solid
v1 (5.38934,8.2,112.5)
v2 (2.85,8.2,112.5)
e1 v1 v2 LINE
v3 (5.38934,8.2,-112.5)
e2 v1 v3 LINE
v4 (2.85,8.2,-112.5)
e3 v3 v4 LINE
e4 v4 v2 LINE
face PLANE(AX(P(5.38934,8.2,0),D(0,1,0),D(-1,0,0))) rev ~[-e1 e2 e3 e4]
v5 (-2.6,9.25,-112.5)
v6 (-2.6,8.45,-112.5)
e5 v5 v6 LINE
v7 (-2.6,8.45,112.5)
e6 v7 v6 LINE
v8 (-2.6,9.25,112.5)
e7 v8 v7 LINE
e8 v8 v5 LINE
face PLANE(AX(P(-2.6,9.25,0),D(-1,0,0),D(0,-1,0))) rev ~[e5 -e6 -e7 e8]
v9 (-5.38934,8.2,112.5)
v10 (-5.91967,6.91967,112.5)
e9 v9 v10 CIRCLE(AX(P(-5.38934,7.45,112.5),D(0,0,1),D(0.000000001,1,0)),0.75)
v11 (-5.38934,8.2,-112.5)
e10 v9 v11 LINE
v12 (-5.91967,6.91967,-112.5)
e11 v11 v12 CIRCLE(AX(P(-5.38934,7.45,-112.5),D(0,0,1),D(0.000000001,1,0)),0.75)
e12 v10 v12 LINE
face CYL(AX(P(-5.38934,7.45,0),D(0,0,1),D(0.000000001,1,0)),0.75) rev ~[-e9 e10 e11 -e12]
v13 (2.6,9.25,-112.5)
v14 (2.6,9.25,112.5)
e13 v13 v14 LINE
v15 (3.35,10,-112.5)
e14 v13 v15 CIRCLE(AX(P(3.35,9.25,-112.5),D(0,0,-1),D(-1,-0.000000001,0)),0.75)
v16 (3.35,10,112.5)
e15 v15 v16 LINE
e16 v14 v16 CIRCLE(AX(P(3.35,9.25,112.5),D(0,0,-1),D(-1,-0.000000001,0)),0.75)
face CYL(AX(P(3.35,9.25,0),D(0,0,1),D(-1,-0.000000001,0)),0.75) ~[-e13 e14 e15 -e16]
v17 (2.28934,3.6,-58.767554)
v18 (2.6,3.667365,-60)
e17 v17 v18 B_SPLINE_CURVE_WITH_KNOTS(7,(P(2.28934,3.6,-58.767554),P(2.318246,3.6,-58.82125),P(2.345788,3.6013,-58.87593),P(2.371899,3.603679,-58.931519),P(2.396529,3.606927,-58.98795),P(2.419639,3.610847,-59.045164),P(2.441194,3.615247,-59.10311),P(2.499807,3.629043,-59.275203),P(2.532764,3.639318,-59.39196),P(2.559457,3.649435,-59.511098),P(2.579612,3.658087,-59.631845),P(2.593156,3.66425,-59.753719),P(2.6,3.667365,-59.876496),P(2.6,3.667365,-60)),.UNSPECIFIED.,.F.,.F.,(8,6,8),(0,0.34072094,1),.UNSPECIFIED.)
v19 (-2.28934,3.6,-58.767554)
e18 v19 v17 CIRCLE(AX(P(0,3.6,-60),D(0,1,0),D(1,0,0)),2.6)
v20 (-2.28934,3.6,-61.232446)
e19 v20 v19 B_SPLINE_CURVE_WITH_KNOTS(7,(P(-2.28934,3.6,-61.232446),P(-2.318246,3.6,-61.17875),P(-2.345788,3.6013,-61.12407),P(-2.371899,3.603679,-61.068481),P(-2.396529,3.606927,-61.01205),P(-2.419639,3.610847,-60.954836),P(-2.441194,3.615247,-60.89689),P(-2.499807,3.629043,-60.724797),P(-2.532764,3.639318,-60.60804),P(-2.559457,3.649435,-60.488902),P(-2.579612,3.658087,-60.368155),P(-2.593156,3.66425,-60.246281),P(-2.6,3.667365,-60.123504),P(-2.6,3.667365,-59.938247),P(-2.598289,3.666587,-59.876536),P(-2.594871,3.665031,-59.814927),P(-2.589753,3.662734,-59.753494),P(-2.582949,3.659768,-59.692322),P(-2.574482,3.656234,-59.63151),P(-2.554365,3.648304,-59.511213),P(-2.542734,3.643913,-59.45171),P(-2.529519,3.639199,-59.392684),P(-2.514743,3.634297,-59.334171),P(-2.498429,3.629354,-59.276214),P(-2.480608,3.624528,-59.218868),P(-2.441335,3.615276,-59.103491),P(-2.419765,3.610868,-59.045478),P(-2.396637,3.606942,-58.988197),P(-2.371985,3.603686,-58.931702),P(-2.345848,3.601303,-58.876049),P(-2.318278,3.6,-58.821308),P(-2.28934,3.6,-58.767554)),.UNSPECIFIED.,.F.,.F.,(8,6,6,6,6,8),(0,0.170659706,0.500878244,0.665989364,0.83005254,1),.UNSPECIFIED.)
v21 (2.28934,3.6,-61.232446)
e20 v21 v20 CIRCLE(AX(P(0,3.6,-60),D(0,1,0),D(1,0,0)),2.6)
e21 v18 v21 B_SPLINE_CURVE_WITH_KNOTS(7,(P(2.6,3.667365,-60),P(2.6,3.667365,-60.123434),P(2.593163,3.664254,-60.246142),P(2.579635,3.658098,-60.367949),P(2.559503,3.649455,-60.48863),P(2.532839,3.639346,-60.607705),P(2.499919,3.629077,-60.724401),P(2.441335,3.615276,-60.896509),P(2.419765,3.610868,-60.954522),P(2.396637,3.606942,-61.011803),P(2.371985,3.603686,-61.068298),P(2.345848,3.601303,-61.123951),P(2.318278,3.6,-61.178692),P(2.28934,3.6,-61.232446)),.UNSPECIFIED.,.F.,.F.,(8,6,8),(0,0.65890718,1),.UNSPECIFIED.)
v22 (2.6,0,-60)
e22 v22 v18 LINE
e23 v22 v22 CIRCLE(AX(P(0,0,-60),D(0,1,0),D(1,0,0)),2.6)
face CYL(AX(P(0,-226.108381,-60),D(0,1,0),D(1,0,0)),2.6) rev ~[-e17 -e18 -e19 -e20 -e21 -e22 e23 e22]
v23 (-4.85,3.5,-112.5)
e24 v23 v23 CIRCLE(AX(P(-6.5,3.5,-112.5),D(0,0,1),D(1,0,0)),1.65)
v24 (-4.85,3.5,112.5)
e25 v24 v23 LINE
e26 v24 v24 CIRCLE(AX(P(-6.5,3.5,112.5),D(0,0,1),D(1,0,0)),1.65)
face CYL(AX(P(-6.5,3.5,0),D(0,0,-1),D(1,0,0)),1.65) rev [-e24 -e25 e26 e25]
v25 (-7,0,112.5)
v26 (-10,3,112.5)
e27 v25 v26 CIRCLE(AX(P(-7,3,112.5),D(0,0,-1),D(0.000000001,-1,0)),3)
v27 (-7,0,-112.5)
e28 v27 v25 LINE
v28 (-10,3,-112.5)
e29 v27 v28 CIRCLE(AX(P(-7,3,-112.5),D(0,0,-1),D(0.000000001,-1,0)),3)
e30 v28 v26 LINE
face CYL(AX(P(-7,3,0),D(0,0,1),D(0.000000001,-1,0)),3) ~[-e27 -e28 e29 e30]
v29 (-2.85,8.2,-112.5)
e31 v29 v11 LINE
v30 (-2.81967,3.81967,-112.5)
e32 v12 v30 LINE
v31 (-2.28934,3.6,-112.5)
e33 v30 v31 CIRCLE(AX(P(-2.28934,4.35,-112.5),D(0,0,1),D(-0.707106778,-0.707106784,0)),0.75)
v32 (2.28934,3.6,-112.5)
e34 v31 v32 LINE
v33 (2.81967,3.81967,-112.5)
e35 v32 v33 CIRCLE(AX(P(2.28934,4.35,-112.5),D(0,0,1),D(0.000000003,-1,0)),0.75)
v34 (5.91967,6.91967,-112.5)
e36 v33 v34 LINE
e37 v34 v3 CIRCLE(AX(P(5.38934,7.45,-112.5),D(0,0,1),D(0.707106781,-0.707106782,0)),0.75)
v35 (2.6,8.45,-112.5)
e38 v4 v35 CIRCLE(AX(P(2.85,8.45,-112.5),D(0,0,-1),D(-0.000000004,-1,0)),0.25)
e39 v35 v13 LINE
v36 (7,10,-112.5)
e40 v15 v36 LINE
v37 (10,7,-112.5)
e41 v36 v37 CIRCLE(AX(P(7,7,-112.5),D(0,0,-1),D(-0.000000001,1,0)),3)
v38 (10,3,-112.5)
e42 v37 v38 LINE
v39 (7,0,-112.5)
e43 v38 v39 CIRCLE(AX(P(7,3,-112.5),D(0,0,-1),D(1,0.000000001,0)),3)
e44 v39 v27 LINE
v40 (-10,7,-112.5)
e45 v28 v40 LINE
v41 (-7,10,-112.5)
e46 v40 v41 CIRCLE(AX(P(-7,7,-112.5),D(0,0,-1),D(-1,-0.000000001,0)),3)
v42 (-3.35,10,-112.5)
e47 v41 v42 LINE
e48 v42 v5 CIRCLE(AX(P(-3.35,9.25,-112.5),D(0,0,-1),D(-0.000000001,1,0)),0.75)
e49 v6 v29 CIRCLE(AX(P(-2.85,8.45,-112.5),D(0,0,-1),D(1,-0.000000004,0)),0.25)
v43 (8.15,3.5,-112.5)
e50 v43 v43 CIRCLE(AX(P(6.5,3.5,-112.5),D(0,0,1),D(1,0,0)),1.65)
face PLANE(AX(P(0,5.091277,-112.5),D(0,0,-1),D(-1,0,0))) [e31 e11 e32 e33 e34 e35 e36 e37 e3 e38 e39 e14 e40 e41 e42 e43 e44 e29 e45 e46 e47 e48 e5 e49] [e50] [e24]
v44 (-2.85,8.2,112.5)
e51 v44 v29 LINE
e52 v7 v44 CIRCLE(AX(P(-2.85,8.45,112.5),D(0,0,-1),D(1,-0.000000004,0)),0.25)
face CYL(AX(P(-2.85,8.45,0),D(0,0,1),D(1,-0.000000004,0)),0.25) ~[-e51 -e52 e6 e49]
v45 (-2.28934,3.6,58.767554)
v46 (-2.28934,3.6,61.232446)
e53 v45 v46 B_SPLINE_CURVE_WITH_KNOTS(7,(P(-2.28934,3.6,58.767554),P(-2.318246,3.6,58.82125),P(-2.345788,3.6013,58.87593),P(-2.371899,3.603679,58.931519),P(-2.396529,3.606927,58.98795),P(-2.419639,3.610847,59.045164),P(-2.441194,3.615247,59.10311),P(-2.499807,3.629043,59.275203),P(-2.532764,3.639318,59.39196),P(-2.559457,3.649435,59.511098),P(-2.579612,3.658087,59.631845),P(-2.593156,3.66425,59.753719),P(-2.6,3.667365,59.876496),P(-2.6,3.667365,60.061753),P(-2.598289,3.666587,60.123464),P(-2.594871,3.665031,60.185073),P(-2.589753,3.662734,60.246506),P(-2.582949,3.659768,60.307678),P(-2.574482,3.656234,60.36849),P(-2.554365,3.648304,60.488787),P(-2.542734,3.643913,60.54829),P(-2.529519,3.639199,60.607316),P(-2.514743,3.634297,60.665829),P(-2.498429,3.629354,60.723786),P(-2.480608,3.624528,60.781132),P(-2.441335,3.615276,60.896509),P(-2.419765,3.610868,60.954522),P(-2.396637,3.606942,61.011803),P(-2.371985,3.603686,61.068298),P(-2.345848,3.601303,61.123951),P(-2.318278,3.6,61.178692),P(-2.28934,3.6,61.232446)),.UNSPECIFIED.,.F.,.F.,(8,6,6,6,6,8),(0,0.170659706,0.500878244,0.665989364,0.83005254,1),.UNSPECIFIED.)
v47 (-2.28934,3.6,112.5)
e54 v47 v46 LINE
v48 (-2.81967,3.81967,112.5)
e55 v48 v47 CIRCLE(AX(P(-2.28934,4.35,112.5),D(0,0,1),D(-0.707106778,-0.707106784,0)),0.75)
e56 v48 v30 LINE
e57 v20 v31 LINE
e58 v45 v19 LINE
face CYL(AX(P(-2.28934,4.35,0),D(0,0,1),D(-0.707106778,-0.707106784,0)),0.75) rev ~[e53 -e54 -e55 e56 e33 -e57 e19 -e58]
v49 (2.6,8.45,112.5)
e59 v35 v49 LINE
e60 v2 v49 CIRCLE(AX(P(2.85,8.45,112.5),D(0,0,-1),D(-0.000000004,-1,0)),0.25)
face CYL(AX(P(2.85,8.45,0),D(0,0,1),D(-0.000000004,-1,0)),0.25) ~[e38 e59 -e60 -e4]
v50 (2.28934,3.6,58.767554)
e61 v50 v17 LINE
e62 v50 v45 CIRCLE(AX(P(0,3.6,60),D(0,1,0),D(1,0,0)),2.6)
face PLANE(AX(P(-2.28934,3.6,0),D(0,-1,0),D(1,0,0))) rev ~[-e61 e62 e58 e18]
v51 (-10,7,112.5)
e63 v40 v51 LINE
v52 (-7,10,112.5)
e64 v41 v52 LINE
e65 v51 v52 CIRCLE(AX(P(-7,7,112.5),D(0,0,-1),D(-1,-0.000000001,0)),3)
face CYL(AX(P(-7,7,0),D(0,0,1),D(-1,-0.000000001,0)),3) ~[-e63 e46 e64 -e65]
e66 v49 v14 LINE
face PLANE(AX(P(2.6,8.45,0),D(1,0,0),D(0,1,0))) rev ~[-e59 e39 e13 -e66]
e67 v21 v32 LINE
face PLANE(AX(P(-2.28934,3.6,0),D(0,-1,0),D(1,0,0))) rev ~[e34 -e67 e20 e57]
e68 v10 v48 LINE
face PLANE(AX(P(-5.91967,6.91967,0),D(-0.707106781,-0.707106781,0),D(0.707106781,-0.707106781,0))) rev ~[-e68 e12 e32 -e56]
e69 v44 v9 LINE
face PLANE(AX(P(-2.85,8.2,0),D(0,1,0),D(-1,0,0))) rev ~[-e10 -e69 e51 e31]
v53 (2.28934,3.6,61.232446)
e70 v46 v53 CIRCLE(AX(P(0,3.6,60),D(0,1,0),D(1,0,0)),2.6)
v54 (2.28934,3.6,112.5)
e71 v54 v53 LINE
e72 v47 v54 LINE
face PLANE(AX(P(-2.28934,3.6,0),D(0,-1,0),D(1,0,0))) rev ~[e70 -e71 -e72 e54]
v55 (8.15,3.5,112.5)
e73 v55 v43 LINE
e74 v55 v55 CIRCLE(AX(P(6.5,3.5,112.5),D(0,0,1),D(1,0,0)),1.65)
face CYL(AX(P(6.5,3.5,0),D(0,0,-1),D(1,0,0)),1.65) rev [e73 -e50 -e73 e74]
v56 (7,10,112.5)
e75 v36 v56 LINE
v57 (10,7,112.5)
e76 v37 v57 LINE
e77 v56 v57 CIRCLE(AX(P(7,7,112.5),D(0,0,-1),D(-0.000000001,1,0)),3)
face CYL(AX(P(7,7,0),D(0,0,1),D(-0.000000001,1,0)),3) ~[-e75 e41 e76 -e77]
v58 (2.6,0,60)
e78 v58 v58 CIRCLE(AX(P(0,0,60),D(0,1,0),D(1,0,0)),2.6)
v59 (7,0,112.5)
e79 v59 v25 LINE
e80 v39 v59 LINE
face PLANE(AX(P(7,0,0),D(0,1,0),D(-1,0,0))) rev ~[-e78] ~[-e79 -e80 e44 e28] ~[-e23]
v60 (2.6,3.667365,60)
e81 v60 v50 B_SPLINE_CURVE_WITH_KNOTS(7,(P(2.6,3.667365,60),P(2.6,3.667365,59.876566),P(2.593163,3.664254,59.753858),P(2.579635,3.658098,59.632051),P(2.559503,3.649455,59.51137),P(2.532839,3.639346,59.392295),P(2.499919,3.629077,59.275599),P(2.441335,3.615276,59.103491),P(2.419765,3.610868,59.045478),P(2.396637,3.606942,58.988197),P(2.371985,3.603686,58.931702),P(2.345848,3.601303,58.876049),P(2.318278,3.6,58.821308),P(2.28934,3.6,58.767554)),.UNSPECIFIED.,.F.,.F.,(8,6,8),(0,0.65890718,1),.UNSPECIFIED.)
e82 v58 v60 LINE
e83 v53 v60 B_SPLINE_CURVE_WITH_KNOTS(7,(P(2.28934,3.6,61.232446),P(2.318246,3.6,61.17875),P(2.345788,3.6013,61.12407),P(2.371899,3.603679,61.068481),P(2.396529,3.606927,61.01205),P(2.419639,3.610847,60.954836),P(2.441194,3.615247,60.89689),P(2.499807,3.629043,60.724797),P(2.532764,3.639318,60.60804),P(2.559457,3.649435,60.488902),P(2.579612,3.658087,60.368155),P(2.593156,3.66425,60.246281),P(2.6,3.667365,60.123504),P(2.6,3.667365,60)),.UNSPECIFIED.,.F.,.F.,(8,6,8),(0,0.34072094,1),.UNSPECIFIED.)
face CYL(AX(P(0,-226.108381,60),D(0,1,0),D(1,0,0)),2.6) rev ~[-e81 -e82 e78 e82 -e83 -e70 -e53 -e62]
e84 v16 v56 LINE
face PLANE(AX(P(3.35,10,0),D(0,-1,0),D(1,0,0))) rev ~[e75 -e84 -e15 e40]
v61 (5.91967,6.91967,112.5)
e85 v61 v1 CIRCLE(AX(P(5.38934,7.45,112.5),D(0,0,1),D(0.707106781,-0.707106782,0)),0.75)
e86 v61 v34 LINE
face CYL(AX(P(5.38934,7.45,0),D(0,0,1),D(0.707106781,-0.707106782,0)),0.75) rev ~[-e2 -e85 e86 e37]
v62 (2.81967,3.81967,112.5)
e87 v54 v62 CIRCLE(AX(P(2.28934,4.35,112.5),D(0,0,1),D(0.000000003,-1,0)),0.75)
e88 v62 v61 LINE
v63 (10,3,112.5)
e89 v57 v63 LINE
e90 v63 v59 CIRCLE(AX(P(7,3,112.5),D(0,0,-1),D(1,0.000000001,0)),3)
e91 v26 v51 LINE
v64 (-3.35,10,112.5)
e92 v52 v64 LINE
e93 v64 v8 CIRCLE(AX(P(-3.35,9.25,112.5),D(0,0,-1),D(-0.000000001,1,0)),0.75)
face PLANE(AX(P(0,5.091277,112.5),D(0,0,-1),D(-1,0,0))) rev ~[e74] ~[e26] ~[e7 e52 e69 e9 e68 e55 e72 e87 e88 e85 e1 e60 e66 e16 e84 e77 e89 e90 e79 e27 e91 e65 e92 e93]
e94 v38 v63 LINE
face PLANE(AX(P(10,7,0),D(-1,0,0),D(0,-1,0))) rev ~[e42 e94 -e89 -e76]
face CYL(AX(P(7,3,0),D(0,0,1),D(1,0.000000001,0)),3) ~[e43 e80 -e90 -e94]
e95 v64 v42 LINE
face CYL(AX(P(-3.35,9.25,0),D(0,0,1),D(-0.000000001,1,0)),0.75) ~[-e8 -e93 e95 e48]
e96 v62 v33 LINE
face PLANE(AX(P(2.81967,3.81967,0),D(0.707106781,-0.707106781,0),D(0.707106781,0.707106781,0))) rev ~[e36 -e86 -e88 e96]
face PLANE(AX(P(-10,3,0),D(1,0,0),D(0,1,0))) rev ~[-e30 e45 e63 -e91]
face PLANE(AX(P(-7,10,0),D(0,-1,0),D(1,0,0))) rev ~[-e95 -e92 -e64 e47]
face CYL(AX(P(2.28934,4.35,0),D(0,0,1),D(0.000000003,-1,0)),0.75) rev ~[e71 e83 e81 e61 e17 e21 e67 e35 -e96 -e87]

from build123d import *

# Parameters (mm, degrees)
SKETCH1_R            = 1.65
BOSS_EXTRUDE1_DEPTH  = 112.5
M5_CLEARANCE_HOLE1_D = 5.2


with BuildPart() as part:
    # Sketch1 → Boss-Extrude1 (new, symmetric)
    with BuildSketch(Plane.XY):
        with BuildLine():
            Line((-7, 10), (-3.35, 10))
            ThreePointArc((-3.35, 10), (-2.819669914, 9.780330086), (-2.6, 9.25))
            Line((-2.6, 9.25), (-2.6, 8.45))
            ThreePointArc((-2.6, 8.45), (-2.673223305, 8.273223305), (-2.85, 8.2))
            Line((-2.85, 8.2), (-5.389339828, 8.2))
            ThreePointArc((-5.389339828, 8.2), (-6.082249478, 7.737012574), (-5.919669914, 6.919669914))
            Line((-5.919669914, 6.919669914), (-2.819669914, 3.819669914))
            ThreePointArc((-2.819669914, 3.819669914), (-2.576352402, 3.657090351), (-2.289339828, 3.6))
            Line((-2.289339828, 3.6), (2.289339828, 3.6))
            ThreePointArc((2.289339828, 3.6), (2.576352402, 3.657090351), (2.819669914, 3.819669914))
            Line((2.819669914, 3.819669914), (5.919669914, 6.919669914))
            ThreePointArc((5.919669914, 6.919669914), (6.082249478, 7.737012574), (5.389339828, 8.2))
            Line((5.389339828, 8.2), (2.85, 8.2))
            ThreePointArc((2.85, 8.2), (2.673223305, 8.273223305), (2.6, 8.45))
            Line((2.6, 8.45), (2.6, 9.25))
            ThreePointArc((2.6, 9.25), (2.819669914, 9.780330086), (3.35, 10))
            Line((3.35, 10), (7, 10))
            ThreePointArc((7, 10), (9.121320344, 9.121320344), (10, 7))
            Line((10, 7), (10, 3))
            ThreePointArc((10, 3), (9.121320344, 0.878679656), (7, 0))
            Line((7, 0), (-7, 0))
            ThreePointArc((-7, 0), (-9.121320344, 0.878679656), (-10, 3))
            Line((-10, 3), (-10, 7))
            ThreePointArc((-10, 7), (-9.121320344, 9.121320344), (-7, 10))
        make_face()
        with Locations((-6.5, 3.5)):
            Circle(SKETCH1_R, mode=Mode.SUBTRACT)
        with Locations((6.5, 3.5)):
            Circle(SKETCH1_R, mode=Mode.SUBTRACT)
    extrude(amount=BOSS_EXTRUDE1_DEPTH, both=True)

    # M5 Clearance Hole1 (through all)
    with Locations(Plane(origin=(0, 0, 0), x_dir=(-1, 0, 0), z_dir=(0, -1, 0))):
        with Locations((0, 60), (0, -60)):
            Hole(M5_CLEARANCE_HOLE1_D / 2)


solid = part.part
